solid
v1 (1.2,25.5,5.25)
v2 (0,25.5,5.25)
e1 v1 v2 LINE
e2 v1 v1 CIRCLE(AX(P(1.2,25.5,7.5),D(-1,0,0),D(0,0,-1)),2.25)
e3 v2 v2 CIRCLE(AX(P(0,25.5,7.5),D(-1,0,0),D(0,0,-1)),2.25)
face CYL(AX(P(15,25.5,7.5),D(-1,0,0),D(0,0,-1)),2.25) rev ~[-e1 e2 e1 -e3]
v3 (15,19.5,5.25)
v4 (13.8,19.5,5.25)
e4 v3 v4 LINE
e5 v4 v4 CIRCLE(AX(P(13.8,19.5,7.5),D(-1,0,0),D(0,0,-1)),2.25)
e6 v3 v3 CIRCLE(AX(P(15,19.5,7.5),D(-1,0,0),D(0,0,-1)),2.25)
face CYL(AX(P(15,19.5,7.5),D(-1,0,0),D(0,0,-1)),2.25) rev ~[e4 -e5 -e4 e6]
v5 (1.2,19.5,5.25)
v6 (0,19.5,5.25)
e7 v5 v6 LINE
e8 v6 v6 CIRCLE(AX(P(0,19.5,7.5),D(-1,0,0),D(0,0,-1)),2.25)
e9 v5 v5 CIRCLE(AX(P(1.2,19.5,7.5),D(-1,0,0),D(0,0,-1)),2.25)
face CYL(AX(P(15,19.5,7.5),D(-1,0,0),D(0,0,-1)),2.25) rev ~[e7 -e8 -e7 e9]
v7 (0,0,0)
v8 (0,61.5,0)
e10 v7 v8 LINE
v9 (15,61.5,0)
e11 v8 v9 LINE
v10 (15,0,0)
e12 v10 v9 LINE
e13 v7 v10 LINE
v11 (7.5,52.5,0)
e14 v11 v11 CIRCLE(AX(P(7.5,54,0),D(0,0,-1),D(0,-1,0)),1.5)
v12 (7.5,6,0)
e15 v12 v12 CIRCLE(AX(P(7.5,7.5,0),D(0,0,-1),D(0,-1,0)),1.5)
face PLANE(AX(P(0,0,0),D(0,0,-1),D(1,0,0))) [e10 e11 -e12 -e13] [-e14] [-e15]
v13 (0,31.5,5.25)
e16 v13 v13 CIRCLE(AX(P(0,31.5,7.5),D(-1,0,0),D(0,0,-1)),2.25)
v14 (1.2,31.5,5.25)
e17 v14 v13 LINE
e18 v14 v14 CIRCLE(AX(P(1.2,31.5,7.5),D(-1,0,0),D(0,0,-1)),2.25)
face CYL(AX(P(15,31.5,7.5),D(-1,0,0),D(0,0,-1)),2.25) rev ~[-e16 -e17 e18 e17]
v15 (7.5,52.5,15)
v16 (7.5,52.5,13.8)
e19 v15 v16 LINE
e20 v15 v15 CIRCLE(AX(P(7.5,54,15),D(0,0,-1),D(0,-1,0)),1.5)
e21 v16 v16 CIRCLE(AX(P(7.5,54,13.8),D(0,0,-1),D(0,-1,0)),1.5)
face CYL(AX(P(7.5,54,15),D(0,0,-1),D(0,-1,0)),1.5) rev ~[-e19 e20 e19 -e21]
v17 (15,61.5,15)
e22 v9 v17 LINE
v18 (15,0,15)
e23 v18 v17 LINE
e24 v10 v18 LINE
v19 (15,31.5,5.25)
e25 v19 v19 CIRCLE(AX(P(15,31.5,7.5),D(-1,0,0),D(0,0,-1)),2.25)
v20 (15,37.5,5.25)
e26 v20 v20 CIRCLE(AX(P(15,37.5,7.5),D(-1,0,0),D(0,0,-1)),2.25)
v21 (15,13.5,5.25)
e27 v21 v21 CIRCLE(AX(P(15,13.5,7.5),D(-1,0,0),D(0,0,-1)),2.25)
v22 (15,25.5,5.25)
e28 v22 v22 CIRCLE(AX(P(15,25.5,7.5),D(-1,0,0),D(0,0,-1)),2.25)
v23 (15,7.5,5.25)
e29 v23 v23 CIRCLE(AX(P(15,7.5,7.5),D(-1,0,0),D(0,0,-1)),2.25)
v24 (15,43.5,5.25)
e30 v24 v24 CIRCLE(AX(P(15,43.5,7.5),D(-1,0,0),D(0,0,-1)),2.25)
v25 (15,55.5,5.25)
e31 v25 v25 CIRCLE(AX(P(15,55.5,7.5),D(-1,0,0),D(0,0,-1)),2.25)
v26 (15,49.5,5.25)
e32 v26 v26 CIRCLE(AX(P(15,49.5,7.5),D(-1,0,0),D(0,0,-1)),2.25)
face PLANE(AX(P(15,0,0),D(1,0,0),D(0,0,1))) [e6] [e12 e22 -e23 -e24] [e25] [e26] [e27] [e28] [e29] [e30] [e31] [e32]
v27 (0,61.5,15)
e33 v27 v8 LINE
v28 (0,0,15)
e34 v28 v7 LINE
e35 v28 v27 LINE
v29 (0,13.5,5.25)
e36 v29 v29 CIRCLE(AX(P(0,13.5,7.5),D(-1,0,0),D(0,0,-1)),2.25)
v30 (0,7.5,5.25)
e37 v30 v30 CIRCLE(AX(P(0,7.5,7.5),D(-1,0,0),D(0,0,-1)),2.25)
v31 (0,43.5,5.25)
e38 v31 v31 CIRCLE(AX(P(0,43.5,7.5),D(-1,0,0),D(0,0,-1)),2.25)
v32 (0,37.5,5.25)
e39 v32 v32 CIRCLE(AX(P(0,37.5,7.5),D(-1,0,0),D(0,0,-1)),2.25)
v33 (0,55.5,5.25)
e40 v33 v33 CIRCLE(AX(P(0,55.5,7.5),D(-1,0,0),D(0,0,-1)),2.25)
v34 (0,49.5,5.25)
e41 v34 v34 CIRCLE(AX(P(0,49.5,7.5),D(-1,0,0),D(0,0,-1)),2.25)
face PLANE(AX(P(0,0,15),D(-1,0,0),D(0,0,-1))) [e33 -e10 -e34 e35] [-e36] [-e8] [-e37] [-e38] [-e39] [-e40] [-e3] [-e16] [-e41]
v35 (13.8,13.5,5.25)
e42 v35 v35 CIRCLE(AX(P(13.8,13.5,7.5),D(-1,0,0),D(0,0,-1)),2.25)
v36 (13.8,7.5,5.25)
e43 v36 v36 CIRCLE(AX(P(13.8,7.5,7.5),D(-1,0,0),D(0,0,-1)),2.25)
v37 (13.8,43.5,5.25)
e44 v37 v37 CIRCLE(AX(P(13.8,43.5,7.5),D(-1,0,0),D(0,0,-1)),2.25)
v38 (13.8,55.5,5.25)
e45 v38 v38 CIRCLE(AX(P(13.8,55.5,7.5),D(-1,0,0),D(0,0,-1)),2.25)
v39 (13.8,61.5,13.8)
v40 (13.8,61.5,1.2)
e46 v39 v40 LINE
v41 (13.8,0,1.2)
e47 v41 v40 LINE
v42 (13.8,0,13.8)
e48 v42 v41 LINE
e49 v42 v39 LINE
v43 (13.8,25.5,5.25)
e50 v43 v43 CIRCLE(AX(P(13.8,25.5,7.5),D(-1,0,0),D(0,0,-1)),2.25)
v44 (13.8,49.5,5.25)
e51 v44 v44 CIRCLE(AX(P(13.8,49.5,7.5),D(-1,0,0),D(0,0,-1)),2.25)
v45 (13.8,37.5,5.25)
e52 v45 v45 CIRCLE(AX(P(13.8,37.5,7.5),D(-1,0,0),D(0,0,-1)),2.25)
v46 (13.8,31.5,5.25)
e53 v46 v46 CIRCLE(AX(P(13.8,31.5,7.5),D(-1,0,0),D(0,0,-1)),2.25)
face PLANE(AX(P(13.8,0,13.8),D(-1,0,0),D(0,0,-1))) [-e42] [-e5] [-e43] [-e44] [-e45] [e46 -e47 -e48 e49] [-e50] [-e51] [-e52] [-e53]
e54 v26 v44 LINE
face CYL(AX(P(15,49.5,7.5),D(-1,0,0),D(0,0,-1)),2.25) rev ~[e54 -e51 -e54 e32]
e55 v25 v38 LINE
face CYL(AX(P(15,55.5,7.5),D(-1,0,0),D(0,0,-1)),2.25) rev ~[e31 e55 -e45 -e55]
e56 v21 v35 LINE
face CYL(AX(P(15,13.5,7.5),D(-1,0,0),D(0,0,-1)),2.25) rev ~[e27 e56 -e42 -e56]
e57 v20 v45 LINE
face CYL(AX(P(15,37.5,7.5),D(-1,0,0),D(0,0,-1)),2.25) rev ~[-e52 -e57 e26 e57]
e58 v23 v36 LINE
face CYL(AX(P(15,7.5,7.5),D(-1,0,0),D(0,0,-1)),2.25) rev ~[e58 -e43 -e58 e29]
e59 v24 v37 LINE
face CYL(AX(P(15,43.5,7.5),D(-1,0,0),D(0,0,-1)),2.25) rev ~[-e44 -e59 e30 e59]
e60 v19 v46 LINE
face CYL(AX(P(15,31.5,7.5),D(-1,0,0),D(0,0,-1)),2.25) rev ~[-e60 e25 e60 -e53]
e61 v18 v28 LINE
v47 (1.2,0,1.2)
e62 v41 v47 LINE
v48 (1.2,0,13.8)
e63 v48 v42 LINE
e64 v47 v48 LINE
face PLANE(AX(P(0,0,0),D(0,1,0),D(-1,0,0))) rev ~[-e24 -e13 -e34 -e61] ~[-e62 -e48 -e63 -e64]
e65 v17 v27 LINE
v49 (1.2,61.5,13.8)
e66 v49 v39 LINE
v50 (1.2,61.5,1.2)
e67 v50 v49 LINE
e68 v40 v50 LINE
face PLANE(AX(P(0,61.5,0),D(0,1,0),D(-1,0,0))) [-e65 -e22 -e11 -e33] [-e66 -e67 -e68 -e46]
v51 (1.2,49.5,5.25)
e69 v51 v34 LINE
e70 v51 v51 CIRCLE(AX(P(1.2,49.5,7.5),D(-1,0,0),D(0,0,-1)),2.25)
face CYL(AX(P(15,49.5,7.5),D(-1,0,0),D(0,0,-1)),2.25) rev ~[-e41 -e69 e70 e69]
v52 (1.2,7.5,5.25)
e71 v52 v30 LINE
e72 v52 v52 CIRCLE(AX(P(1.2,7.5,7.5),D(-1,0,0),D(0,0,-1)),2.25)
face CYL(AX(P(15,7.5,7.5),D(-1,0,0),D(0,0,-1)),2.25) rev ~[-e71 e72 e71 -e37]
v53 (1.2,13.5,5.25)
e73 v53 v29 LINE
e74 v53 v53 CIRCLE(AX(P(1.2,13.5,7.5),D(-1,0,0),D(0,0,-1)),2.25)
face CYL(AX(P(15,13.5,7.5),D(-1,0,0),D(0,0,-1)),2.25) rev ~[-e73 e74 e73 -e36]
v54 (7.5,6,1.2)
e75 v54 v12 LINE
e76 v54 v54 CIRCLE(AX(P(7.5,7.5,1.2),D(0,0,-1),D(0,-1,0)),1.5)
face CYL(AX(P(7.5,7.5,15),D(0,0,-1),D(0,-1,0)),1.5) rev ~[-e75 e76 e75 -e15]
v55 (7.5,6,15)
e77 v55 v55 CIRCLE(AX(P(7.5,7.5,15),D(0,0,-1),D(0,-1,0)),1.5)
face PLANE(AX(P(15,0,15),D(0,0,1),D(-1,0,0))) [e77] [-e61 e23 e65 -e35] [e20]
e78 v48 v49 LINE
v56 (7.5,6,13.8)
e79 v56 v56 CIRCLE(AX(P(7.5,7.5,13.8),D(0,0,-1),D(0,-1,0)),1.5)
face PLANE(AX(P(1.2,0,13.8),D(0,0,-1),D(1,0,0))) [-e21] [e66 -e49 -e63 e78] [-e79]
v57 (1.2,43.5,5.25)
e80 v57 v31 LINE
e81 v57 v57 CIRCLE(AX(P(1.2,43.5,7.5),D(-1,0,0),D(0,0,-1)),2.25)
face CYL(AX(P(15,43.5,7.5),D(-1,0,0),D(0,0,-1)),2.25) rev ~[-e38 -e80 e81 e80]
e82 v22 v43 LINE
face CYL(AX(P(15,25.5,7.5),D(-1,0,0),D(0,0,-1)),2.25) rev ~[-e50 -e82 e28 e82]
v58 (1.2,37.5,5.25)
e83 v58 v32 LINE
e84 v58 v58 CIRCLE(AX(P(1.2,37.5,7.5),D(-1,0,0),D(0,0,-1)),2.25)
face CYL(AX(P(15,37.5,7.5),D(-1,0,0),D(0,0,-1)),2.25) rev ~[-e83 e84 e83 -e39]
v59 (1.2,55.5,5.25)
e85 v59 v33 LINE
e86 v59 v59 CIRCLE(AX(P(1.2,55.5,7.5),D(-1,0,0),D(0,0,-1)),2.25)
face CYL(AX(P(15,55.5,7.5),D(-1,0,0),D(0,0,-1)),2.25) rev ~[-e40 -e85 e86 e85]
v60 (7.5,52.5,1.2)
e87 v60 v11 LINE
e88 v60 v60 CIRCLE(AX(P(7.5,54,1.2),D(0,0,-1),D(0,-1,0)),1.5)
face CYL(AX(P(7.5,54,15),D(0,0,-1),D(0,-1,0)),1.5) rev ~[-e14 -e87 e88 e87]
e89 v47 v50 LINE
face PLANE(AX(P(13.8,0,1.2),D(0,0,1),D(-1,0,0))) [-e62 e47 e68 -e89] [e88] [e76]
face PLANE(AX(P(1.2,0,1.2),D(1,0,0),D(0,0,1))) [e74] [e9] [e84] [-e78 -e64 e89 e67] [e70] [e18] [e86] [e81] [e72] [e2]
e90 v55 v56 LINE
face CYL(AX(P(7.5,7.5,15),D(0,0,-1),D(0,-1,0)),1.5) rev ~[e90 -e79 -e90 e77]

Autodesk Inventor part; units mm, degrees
ref_plane "YZ Plane" through (0, 0, 0) normal (1, 0, 0) x (0, 1, 0)
ref_plane "XZ Plane" through (0, 0, 0) normal (0, 1, 0) x (-1, 0, 0)
ref_plane "XY Plane" through (0, 0, 0) normal (0, 0, 1) x (1, 0, 0)
sketch "スケッチ1" plane through (0, 0, 0) normal (0, 1, 0) x (-1, 0, 0)
  line L0 (0, 0) -> (-15, 0)
  line L1 (-15, 0) -> (-15, 15)
  line L2 (-15, 15) -> (0, 15)
  line L3 (0, 15) -> (0, 0)
  line L4 (-1.2, 13.8) -> (-13.8, 13.8)
  line L5 (-13.8, 13.8) -> (-13.8, 1.2)
  line L6 (-13.8, 1.2) -> (-1.2, 1.2)
  line L7 (-1.2, 1.2) -> (-1.2, 13.8)
  dimension "d0" = 15
  dimension "d1" = 15
  dimension "d2" = 1.2
  dimension "d3" = 1.2
  dimension "d4" = 1.2
  dimension "d5" = 1.2
extrude "押し出し1" add sketch "スケッチ1" along normal blind 61.5
sketch "スケッチ2" plane through (0, 0, 15) normal (0, 0, 1) x (1, 0, 0)
  line L0 (0, 0) -> (0, 61.5) projected
  line L1 (0, 61.5) -> (15, 61.5) projected
  line L2 (0, 0) -> (15, 0) projected
  point P0 (7.5, 54)
  point P1 (7.5, 7.5)
  dimension "d8" = 7.5
  dimension "d9" = 7.5
  dimension "d10" = 7.5
  dimension "d11" = 7.5
hole "穴1" at (7.5, 54, 15) at (7.5, 7.5, 15) direction (0, 0, -1) diameter 3 end through all
sketch "スケッチ3" plane through (15, 0, 15) normal (1, 0, 0) x (0, 0, -1)
  line L0 (0, 61.5) -> (15, 61.5) projected
  line L1 (15, 0) -> (15, 61.5) projected
  point P0 (7.5, 55.5)
  point P1 (7.5, 49.5)
  point P2 (7.5, 43.5)
  point P3 (7.5, 37.5)
  point P4 (7.5, 31.5)
  point P5 (7.5, 25.5)
  point P6 (7.5, 19.5)
  point P7 (7.5, 13.5)
  point P8 (7.5, 7.5)
  dimension "d19" = 6
  dimension "d20" = 7.5
  dimension "d23" = 6
hole "穴2" at (15, 55.5, 7.5) at (15, 49.5, 7.5) at (15, 43.5, 7.5) at (15, 37.5, 7.5) at (15, 31.5, 7.5) at (15, 25.5, 7.5) at (15, 19.5, 7.5) at (15, 13.5, 7.5) at (15, 7.5, 7.5) direction (-1, 0, 0) diameter 4.5 end through all
equation "\"d3\" = d2"
equation "\"d4\" = d3"
equation "\"d5\" = d3"
equation "\"d9\" = d8"
equation "\"d10\" = d8"
equation "\"d11\" = d9"
properties part number "ロボットベース15x15_5" material "アルミニウム 6061"
